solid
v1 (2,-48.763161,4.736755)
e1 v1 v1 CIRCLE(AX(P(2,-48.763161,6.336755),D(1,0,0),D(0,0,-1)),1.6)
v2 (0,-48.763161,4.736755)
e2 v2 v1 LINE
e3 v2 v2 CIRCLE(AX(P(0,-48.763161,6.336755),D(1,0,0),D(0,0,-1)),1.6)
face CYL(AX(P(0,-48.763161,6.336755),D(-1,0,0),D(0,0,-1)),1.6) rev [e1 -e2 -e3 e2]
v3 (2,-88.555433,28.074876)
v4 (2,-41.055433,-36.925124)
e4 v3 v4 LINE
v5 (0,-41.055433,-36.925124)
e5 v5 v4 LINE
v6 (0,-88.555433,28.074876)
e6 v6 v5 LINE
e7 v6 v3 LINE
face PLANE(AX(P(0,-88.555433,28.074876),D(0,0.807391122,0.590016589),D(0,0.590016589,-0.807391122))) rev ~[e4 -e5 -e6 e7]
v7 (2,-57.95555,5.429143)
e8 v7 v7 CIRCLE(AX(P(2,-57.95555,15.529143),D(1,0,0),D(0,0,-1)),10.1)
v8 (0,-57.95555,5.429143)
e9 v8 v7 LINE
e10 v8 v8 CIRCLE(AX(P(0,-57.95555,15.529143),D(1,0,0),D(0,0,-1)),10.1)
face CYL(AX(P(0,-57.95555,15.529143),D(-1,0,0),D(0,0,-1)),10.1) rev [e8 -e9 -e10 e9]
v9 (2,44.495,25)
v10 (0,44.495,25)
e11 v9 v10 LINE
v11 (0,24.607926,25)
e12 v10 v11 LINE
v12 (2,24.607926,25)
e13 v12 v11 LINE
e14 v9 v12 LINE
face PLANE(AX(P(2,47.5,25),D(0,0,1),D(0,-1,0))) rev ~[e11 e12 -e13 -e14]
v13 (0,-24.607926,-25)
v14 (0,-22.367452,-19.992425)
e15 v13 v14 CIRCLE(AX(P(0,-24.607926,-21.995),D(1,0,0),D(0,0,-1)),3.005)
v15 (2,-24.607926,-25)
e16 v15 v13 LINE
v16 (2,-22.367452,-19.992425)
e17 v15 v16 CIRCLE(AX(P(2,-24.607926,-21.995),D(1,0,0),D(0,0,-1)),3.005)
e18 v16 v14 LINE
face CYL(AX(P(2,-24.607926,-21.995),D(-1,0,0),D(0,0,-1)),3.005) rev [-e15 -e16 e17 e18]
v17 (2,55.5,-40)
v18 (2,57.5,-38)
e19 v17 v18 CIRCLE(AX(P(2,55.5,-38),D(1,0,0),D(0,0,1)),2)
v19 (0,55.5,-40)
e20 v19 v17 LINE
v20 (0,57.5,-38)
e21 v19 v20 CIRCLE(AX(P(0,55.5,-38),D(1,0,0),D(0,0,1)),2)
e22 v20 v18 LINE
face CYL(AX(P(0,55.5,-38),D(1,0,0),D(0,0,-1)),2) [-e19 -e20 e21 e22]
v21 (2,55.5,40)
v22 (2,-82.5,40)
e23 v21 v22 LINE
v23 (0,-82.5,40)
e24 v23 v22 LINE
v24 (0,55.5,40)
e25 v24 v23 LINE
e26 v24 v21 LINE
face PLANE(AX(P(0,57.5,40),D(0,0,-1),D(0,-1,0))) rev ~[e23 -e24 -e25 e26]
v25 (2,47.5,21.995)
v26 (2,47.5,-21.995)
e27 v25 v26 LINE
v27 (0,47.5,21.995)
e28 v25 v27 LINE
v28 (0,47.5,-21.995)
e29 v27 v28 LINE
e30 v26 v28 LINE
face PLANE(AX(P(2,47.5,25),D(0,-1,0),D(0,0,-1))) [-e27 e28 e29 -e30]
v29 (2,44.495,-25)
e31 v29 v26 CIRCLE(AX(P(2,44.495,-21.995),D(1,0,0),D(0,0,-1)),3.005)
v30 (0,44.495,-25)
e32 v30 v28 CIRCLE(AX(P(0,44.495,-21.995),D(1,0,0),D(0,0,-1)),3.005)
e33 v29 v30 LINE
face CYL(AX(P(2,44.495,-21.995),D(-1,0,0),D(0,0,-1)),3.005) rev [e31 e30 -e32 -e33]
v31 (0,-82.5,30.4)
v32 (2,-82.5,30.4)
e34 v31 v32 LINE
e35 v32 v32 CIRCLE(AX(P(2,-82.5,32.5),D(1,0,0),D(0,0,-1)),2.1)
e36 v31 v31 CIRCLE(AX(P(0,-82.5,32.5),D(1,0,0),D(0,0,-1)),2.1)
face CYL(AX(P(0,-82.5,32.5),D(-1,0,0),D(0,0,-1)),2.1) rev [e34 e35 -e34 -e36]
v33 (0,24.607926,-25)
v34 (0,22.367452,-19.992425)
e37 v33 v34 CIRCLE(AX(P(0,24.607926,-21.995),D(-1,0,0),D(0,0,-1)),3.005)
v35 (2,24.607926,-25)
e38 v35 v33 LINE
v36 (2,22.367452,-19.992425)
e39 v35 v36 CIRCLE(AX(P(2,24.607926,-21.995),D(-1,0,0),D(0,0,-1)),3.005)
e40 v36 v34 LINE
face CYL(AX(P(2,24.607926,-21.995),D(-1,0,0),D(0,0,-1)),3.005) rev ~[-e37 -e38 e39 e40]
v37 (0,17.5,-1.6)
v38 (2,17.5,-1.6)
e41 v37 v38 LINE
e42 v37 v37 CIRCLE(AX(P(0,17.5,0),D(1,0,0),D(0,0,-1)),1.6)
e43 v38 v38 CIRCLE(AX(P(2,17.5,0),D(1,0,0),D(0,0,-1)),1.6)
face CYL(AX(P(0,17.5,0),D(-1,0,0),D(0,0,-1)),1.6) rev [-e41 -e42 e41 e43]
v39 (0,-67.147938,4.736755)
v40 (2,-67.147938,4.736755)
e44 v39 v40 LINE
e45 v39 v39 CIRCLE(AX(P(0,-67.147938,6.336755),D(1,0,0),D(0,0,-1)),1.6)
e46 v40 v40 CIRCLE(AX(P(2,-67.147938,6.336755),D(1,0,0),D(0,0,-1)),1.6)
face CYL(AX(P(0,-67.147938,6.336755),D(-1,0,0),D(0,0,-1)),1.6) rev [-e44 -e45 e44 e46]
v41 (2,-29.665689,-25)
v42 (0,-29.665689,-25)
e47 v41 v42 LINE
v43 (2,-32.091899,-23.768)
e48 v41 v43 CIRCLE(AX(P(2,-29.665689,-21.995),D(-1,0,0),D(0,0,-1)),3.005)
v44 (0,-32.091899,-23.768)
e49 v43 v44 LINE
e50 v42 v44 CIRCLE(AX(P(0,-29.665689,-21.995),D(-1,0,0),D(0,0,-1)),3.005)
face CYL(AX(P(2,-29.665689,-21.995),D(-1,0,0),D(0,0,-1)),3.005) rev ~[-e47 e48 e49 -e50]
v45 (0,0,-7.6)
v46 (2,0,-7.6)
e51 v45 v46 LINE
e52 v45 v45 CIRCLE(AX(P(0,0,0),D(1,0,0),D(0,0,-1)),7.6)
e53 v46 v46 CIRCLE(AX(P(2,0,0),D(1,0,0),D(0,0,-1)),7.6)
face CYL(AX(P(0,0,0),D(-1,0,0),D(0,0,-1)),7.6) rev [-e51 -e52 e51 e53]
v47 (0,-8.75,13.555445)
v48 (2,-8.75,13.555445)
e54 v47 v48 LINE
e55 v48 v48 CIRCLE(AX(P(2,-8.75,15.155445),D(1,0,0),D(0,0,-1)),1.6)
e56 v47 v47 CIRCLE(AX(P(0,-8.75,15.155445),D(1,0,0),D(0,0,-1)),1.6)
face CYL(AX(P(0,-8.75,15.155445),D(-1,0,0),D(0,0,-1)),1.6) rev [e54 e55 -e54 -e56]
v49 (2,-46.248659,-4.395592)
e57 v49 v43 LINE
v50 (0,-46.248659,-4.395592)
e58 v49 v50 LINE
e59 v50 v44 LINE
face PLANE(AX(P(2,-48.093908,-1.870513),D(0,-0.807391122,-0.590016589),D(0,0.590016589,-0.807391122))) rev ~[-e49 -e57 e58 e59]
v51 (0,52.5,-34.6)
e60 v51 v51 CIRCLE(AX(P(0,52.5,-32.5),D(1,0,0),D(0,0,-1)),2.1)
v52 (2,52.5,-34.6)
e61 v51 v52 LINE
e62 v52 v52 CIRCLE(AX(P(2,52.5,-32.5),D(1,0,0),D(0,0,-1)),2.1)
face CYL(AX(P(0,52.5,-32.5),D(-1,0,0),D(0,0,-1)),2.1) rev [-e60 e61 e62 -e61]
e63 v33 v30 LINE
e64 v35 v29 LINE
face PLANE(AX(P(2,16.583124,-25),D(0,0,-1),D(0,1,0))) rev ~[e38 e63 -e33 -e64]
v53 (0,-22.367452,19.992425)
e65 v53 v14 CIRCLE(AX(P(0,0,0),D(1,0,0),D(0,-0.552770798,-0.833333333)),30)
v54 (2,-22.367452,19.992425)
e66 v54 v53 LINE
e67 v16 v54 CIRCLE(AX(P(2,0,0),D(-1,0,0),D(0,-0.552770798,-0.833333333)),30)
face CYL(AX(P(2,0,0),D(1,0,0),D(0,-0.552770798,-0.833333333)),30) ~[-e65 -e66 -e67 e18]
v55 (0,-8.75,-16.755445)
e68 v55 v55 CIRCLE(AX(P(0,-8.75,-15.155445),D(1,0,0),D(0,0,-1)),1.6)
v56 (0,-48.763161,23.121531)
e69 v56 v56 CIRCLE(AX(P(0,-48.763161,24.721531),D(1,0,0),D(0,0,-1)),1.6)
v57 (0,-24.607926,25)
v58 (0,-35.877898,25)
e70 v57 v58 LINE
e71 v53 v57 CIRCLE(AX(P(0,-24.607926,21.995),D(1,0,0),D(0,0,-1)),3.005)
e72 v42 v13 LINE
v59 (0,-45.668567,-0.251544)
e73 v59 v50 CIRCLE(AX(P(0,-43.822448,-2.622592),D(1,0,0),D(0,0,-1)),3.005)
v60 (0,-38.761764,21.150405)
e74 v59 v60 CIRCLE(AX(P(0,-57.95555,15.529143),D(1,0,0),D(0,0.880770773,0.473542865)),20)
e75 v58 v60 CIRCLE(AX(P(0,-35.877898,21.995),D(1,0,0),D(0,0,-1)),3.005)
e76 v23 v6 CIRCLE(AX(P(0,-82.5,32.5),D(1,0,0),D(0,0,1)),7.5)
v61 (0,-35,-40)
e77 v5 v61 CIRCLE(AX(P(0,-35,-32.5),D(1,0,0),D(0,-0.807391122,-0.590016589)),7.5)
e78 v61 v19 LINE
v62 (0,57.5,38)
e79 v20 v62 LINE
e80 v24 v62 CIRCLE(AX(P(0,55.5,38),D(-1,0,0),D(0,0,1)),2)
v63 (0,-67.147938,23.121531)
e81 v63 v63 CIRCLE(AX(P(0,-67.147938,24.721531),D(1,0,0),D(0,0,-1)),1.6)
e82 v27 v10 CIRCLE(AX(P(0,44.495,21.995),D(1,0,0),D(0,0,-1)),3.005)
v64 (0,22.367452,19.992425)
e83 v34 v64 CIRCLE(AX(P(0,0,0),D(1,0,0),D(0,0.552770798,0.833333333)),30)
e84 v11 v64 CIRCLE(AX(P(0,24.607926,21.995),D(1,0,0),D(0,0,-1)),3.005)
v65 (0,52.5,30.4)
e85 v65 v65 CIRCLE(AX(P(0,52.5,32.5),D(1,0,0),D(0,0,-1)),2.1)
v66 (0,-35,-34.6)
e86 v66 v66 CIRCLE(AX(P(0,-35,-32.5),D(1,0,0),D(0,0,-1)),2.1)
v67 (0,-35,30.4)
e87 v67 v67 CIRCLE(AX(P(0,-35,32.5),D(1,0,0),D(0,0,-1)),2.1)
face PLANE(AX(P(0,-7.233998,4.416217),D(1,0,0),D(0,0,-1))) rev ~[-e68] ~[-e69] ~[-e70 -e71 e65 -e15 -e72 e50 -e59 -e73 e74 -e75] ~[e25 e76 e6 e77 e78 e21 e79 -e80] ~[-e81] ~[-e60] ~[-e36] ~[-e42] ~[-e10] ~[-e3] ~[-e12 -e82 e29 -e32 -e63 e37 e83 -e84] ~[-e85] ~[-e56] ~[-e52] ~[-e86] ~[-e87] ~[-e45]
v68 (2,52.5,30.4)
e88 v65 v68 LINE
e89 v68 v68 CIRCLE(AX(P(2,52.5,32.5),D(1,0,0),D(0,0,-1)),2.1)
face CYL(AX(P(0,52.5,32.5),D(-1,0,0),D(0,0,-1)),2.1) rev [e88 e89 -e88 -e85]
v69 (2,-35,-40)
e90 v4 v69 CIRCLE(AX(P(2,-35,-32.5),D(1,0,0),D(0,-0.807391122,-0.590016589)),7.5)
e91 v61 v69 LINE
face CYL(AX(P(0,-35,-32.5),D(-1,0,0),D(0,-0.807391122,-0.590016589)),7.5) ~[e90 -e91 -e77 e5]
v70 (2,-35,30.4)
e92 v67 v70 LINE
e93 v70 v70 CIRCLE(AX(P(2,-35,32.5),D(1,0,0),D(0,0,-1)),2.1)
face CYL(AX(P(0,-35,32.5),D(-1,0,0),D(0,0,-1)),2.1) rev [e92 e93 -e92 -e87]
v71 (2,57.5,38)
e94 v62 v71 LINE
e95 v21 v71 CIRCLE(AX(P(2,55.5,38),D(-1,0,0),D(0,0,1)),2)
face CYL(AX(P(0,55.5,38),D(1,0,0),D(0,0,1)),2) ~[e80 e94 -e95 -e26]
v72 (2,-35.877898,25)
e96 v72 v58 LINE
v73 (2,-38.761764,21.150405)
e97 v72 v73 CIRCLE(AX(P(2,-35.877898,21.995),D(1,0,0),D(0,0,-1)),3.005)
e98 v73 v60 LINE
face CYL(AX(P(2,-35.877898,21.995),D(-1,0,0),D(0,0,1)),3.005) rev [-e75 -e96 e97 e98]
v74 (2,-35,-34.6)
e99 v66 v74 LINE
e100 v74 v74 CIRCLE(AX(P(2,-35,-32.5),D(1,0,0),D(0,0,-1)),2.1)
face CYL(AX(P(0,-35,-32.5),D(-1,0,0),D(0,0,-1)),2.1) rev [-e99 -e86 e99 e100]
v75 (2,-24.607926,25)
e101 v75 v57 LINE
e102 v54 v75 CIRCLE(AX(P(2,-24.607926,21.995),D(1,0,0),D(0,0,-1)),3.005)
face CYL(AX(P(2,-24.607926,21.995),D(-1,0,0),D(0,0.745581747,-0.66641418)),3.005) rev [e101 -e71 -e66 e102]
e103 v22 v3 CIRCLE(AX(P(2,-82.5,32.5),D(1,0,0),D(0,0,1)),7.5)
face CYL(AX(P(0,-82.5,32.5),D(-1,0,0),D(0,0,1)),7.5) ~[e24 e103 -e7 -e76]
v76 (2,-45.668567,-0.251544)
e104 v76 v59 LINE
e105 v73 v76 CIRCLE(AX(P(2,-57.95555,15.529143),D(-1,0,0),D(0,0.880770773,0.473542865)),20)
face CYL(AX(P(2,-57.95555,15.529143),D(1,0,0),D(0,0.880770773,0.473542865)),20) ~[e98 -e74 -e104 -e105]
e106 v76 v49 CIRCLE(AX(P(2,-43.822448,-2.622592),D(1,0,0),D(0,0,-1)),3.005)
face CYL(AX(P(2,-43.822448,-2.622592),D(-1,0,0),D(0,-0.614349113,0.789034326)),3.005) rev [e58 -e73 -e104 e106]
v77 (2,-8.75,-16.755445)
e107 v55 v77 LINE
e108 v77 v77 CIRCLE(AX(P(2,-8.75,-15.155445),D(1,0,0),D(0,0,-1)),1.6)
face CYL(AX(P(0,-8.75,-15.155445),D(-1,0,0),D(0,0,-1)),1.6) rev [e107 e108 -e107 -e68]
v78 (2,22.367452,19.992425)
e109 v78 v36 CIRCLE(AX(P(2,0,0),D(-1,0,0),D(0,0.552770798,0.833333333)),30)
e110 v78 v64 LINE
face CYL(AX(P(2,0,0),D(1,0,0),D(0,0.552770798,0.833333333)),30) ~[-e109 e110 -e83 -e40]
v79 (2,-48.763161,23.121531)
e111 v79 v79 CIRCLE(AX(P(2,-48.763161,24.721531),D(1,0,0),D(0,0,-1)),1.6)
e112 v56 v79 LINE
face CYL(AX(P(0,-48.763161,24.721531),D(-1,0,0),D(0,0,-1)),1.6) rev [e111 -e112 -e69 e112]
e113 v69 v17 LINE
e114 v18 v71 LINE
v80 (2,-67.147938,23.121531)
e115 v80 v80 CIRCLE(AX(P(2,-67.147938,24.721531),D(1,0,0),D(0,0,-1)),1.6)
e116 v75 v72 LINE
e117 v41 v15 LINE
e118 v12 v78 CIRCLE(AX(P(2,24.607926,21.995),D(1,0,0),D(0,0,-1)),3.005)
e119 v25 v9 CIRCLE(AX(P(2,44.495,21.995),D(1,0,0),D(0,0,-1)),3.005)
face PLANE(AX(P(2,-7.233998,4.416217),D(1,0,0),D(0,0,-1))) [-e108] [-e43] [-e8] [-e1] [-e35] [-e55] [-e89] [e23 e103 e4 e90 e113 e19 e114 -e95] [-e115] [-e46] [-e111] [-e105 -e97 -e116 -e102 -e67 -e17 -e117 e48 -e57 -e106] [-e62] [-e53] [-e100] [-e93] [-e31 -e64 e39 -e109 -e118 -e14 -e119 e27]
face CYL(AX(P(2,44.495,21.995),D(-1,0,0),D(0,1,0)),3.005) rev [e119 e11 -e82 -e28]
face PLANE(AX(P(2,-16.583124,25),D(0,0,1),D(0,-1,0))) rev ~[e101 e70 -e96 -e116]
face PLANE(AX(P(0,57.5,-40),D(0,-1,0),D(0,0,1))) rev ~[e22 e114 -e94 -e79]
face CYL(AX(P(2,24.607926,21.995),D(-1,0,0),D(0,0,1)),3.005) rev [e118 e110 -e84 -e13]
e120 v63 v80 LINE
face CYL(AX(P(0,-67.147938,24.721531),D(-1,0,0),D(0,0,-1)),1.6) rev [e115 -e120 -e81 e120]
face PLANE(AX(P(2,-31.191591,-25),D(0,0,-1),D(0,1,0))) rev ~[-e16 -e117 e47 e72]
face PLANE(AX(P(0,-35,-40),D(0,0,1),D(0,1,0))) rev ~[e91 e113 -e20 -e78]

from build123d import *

# Parameters (mm, degrees)
SKETCH_1_R          = 1.6
SKETCH_1_R_2        = 10.1
SKETCH_1_R_3        = 2.1
SKETCH_1_R_4        = 7.6
EXTRUDE_1_DEPTH     = 2
SKETCH_3_W          = 50
SKETCH_3_H          = 5
CUT_EXTRUDE_1_DEPTH = 99.508882848
FILLET_1_R          = 3.005
FILLET_2_R          = 2


with BuildPart() as part:
    # ｽｹｯﾁ1 → ﾎﾞｽ - 押し出し1 (new body)
    with BuildSketch(Plane(origin=(0, 0, 0), x_dir=(0, 0, -1), z_dir=(1, 0, 0))):
        with BuildLine():
            Line((-28.07487558, -88.555433417), (36.92512442, -41.055433417))
            ThreePointArc((36.92512442, -41.055433417), (39.187242823, -38.395700727), (40, -35))
            Line((40, -35), (40, 57.5))
            Line((40, 57.5), (-40, 57.5))
            Line((-40, 57.5), (-40, -82.5))
            ThreePointArc((-40, -82.5), (-35.895700727, -89.187242823), (-28.07487558, -88.555433417))
        make_face()
        with Locations((-24.721530862, -67.147937733)):
            Circle(SKETCH_1_R, mode=Mode.SUBTRACT)
        with Locations((-15.529142706, -57.955549577)):
            Circle(SKETCH_1_R_2, mode=Mode.SUBTRACT)
        with Locations((-6.336754551, -67.147937733)):
            Circle(SKETCH_1_R, mode=Mode.SUBTRACT)
        with Locations((-32.5, -35)):
            Circle(SKETCH_1_R_3, mode=Mode.SUBTRACT)
        with Locations((-24.721530862, -48.763161422)):
            Circle(SKETCH_1_R, mode=Mode.SUBTRACT)
        with Locations((-6.336754551, -48.763161422)):
            Circle(SKETCH_1_R, mode=Mode.SUBTRACT)
        with Locations((-15.155444566, -8.75)):
            Circle(SKETCH_1_R, mode=Mode.SUBTRACT)
        with Locations((-32.5, 52.5)):
            Circle(SKETCH_1_R_3, mode=Mode.SUBTRACT)
        Circle(SKETCH_1_R_4, mode=Mode.SUBTRACT)
        with Locations((15.155444566, -8.75)):
            Circle(SKETCH_1_R, mode=Mode.SUBTRACT)
        with Locations((0, 17.5)):
            Circle(SKETCH_1_R, mode=Mode.SUBTRACT)
        with Locations((32.5, 52.5)):
            Circle(SKETCH_1_R_3, mode=Mode.SUBTRACT)
        with Locations((32.5, -35)):
            Circle(SKETCH_1_R_3, mode=Mode.SUBTRACT)
        with Locations((-32.5, -82.5)):
            Circle(SKETCH_1_R_3, mode=Mode.SUBTRACT)
    extrude(amount=EXTRUDE_1_DEPTH)

    # ｽｹｯﾁ3 → ｶｯﾄ - 押し出し1 (cut, through all)
    with BuildSketch(Plane(origin=(2, 0, 0), x_dir=(0, 0, -1), z_dir=(1, 0, 0))):
        with BuildLine():
            Line((25, -31.191591045), (25, -16.583123952))
            ThreePointArc((25, -16.583123952), (0, -30), (-25, -16.583123952))
            Line((-25, -16.583123952), (-25, -40.340134109))
            ThreePointArc((-25, -40.340134109), (-9.984170602, -38.739585267), (1.870513324, -48.093908232))
            Line((1.870513324, -48.093908232), (25, -31.191591045))
        make_face()
        with BuildLine():
            Line((25, 16.583123952), (25, 42.5))
            Line((25, 42.5), (-25, 42.5))
            Line((-25, 42.5), (-25, 16.583123952))
            ThreePointArc((-25, 16.583123952), (0, 30), (25, 16.583123952))
        make_face()
        with Locations((0, 45)):
            Rectangle(SKETCH_3_W, SKETCH_3_H)
    extrude(amount=-CUT_EXTRUDE_1_DEPTH, mode=Mode.SUBTRACT)

    # ﾌｨﾚｯﾄ1
    fillet_1_edges = [part.edges().sort_by_distance(p)[0] for p in [
        (1, -48.093908232, -1.870513324),
        (1, -40.340134109, 25),
        (1, -16.583123952, 25),
        (1, -16.583123952, -25),
        (1, -31.191591045, -25),
        (1, 16.583123952, -25),
        (1, 16.583123952, 25),
        (1, 47.5, 25),
        (1, 47.5, -25),
    ]]
    fillet(fillet_1_edges, radius=FILLET_1_R)

    # ﾌｨﾚｯﾄ2
    fillet_2_edges = [part.edges().sort_by_distance(p)[0] for p in [
        (1, 57.5, 40),
        (1, 57.5, -40),
    ]]
    fillet(fillet_2_edges, radius=FILLET_2_R)


solid = part.part
